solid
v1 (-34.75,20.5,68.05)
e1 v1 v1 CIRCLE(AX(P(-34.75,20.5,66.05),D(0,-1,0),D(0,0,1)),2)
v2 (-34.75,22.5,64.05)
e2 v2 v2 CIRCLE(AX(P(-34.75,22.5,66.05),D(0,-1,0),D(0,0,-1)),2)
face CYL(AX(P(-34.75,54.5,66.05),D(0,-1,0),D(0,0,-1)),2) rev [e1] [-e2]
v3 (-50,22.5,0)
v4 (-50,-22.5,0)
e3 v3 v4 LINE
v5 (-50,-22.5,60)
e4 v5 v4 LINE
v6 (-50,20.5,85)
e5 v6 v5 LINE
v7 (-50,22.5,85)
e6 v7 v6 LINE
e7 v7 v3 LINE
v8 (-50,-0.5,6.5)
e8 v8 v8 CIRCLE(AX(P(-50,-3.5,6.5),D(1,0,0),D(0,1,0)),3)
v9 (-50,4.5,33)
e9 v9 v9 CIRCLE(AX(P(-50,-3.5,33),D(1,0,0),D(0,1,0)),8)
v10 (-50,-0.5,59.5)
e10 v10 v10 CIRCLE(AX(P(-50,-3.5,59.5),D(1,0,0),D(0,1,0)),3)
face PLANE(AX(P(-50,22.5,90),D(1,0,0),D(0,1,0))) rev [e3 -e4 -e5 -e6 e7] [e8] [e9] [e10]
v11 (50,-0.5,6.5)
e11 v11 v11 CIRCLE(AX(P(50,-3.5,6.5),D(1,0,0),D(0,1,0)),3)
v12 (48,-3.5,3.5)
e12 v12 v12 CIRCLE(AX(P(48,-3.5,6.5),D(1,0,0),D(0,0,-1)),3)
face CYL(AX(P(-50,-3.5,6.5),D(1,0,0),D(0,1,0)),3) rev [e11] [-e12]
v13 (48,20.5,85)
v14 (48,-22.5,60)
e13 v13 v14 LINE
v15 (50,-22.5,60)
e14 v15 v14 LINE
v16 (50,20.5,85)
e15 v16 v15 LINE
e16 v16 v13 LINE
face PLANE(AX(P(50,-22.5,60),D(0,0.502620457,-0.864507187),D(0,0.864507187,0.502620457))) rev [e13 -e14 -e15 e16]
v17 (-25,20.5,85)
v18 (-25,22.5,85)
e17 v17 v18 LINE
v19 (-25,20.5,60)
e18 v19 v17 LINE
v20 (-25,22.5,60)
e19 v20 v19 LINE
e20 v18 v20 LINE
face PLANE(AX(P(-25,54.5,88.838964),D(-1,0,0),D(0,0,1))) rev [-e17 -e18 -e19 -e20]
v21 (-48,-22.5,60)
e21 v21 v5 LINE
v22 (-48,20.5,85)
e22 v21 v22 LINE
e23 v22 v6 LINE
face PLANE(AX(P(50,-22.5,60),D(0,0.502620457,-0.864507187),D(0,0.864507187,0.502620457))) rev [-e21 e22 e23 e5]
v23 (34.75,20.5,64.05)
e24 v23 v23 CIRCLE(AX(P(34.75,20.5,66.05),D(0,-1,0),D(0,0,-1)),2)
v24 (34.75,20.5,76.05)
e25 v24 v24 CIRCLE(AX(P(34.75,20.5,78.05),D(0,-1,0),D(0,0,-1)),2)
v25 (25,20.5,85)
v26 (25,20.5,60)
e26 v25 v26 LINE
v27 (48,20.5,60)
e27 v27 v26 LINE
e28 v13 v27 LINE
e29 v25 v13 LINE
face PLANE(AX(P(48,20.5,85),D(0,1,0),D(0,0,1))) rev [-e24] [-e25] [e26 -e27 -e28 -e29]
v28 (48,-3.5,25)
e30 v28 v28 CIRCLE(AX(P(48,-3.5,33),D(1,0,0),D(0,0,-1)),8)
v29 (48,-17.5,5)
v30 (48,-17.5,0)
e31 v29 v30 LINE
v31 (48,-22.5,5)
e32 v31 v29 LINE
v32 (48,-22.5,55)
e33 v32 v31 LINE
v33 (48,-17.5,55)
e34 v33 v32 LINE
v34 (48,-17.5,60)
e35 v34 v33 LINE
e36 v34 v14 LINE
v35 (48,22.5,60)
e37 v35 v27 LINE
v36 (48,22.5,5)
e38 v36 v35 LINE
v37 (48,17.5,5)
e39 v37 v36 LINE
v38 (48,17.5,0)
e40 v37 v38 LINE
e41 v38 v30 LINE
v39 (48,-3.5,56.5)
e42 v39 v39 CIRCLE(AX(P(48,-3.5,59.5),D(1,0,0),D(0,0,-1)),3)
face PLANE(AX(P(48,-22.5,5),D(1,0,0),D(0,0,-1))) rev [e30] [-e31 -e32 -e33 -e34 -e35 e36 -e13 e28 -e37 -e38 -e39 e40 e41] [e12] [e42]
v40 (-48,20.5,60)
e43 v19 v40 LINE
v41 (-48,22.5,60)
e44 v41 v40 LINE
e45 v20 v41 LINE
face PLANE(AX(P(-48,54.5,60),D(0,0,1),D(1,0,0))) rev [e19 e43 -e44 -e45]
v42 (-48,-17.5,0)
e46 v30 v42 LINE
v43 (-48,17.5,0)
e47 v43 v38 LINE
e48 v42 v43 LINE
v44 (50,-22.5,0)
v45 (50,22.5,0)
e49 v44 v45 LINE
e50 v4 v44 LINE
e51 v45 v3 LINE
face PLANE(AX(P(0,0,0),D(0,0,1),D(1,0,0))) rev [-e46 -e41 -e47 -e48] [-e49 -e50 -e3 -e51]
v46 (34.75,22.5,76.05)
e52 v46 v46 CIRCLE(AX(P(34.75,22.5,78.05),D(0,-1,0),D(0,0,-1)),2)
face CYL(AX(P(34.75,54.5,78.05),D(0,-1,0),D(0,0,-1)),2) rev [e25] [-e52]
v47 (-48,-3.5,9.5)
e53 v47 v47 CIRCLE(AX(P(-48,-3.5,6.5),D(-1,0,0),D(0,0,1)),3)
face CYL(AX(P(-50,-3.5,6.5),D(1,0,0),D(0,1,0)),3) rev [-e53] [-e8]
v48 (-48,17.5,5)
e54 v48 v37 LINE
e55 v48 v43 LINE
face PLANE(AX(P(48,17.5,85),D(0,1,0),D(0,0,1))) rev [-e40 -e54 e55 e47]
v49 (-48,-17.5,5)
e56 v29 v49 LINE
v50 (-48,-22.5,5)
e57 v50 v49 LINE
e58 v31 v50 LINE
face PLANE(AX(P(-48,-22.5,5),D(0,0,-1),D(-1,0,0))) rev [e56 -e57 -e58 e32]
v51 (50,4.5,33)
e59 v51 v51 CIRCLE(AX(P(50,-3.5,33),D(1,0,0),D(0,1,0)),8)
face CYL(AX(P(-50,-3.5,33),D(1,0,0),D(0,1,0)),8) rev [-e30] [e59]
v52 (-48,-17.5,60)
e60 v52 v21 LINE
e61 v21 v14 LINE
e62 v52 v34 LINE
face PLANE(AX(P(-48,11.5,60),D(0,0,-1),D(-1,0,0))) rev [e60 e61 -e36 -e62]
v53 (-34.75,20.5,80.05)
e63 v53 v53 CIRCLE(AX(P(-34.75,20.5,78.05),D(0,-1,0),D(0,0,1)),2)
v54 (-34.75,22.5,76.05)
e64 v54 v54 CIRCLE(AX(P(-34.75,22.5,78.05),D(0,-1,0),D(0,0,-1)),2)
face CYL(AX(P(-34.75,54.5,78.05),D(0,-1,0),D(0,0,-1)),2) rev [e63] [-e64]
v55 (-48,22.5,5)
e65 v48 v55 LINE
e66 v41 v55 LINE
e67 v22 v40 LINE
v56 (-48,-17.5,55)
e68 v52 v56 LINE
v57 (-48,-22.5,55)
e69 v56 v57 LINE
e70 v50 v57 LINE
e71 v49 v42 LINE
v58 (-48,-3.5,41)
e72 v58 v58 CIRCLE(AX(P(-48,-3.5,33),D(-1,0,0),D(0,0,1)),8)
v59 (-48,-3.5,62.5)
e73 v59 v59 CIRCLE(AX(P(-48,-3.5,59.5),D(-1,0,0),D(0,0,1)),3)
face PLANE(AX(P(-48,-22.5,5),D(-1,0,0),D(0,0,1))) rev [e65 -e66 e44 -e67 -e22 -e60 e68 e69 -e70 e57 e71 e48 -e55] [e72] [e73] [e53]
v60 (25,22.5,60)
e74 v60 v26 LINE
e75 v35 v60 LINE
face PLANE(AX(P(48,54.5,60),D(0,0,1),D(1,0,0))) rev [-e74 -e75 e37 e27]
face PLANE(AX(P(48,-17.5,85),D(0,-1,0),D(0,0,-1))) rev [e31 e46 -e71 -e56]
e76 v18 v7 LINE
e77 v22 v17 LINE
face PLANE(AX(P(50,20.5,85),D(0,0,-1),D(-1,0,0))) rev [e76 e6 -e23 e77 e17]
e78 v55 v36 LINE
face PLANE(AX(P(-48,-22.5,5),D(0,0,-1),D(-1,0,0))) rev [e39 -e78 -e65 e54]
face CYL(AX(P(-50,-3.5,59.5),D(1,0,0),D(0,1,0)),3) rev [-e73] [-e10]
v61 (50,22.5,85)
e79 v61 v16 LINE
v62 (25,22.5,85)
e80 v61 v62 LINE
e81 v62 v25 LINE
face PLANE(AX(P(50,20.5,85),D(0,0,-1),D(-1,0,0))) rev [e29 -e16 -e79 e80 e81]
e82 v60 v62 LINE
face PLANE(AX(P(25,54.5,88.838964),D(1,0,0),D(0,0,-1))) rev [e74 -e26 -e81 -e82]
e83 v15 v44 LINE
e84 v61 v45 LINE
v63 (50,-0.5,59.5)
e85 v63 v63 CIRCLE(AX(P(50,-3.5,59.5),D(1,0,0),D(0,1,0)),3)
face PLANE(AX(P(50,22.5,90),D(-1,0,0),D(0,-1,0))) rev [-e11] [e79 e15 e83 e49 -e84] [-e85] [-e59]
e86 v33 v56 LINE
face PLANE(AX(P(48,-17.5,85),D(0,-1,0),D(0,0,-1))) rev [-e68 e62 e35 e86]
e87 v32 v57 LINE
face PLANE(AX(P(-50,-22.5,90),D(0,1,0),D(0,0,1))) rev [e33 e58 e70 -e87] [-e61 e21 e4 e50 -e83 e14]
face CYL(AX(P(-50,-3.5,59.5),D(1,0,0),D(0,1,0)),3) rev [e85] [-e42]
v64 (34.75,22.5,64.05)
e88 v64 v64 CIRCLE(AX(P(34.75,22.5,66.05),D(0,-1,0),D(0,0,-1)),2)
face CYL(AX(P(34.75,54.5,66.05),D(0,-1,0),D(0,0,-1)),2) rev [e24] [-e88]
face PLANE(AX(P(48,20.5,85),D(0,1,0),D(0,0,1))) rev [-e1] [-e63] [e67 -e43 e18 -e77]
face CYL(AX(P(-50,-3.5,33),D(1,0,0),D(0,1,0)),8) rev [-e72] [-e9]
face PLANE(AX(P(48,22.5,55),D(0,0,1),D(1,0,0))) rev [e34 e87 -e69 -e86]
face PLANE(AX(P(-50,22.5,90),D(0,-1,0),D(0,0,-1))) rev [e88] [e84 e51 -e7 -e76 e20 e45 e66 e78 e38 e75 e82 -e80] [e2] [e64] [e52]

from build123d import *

# Parameters (mm, degrees)
SKETCH1_W               = 100
SKETCH1_H               = 45
BOSS_EXTRUDE1_DEPTH     = 90
CUT_EXTRUDE1_DEPTH      = 137.404728657
CUT_EXTRUDE2_DEPTH      = 109.397416943
CUT_EXTRUDE2_DEPTH_BACK = 109.397416943
SKETCH3_W               = 96
SKETCH3_H               = 32.638698082
SKETCH4_W               = 96
SKETCH4_H               = 35
CUT_EXTRUDE4_DEPTH      = 102.149641621
SKETCH5_R               = 8
SKETCH5_R_2             = 3
CUT_EXTRUDE5_DEPTH      = 134.158739856
SKETCH7_W               = 96
SKETCH7_H               = 3
CUT_EXTRUDE7_DEPTH      = 73.452349302
SKETCH9_W               = 50
SKETCH9_H               = 59.094844588
CUT_EXTRUDE9_DEPTH      = 34
SKETCH10_R              = 2
CUT_EXTRUDE10_DEPTH     = 34
CUT_EXTRUDE11_DEPTH     = 109.397416943
SKETCH11_W              = 96
SKETCH11_H              = 6.475085822
CUT_EXTRUDE12_DEPTH     = 34
SKETCH12_W              = 23
SKETCH12_H              = 26.924334535
CUT_EXTRUDE13_DEPTH     = 34


with BuildPart() as part:
    # Sketch1 → Boss-Extrude1 (new body)
    with BuildSketch(Plane.XY):
        Rectangle(SKETCH1_W, SKETCH1_H)
    extrude(amount=BOSS_EXTRUDE1_DEPTH)

    # Sketch2 → Cut-Extrude1 (cut, through all)
    with BuildSketch(Plane.ZY.offset(50)):
        Polygon((60, -22.5), (85, 20.5), (85, 22.5), (90, 22.5), (90, -22.5), align=None)
    extrude(amount=-CUT_EXTRUDE1_DEPTH, mode=Mode.SUBTRACT)

    # Sketch3 → Cut-Extrude2 (cut, two sides: drawn at the far end of the back side and taken through both)
    with BuildSketch(Plane(origin=(0, 22.5, 0), x_dir=(1, 0, 0), z_dir=(0, 1, 0)).offset(-CUT_EXTRUDE2_DEPTH_BACK)):
        with Locations((0, -21.319349041)):
            Rectangle(SKETCH3_W, SKETCH3_H)
    extrude(amount=CUT_EXTRUDE2_DEPTH + CUT_EXTRUDE2_DEPTH_BACK, mode=Mode.SUBTRACT)

    # Sketch4 → Cut-Extrude4 (cut, through all)
    with BuildSketch(Plane(origin=(0, 0, 0), x_dir=(-1, 0, 0), z_dir=(0, 0, -1))):
        Rectangle(SKETCH4_W, SKETCH4_H)
    extrude(amount=-CUT_EXTRUDE4_DEPTH, mode=Mode.SUBTRACT)

    # Sketch5 → Cut-Extrude5 (cut, through all)
    with BuildSketch(Plane(origin=(50, 0, 0), x_dir=(0, 0, -1), z_dir=(1, 0, 0))):
        with Locations(Location((-33, -3.5, 0), (0, 0, 90))):
            Circle(SKETCH5_R)
        with Locations(Location((-6.5, -3.5, 0), (0, 0, 90))):
            Circle(SKETCH5_R_2)
        with Locations(Location((-59.5, -3.5, 0), (0, 0, 90))):
            Circle(SKETCH5_R_2)
    extrude(amount=-CUT_EXTRUDE5_DEPTH, mode=Mode.SUBTRACT)

    # Sketch7 → Cut-Extrude7 (cut, through all)
    with BuildSketch(Plane(origin=(0, 0, 37.638698082), x_dir=(-1, 0, 0), z_dir=(0, 0, -1))):
        with Locations((0, 19)):
            Rectangle(SKETCH7_W, SKETCH7_H)
    extrude(amount=-CUT_EXTRUDE7_DEPTH, mode=Mode.SUBTRACT)

    # Sketch9 → Cut-Extrude9 (cut)
    with BuildSketch(Plane.XZ.offset(-20.5)):
        with Locations((0, 59.291541431)):
            Rectangle(SKETCH9_W, SKETCH9_H)
    extrude(amount=-CUT_EXTRUDE9_DEPTH, mode=Mode.SUBTRACT)

    # Sketch10 → Cut-Extrude10 (cut)
    with BuildSketch(Plane.XZ.offset(-20.5)):
        with Locations(Location((34.75, 78.05, 0), (0, 0, 270))):
            Circle(SKETCH10_R)
        with Locations(Location((34.75, 66.05, 0), (0, 0, 270))):
            Circle(SKETCH10_R)
        with Locations(Location((-34.75, 66.05, 0), (0, 0, 270))):
            Circle(SKETCH10_R)
        with Locations(Location((-34.75, 78.05, 0), (0, 0, 270))):
            Circle(SKETCH10_R)
    extrude(amount=-CUT_EXTRUDE10_DEPTH, mode=Mode.SUBTRACT)

    # Sketch8 → Cut-Extrude11 (cut, through all)
    with BuildSketch(Plane.XZ.offset(22.5)):
        Polygon((-48, 51.874077108), (-48, 37.638698082), (48, 37.638698082), (48, 51.874077108), (48, 55), (-48, 55), align=None)
    extrude(amount=-CUT_EXTRUDE11_DEPTH, mode=Mode.SUBTRACT)

    # Sketch11 → Cut-Extrude12 (cut)
    with BuildSketch(Plane.XZ.offset(22.5)):
        with Locations((0, 63.237542911)):
            Rectangle(SKETCH11_W, SKETCH11_H)
    extrude(amount=-CUT_EXTRUDE12_DEPTH, mode=Mode.SUBTRACT)

    # Sketch12 → Cut-Extrude13 (cut)
    with BuildSketch(Plane.XZ.offset(-20.5)):
        with Locations((-36.5, 46.537832733)):
            Rectangle(SKETCH12_W, SKETCH12_H)
        with Locations((36.5, 46.537832733)):
            Rectangle(SKETCH12_W, SKETCH12_H)
    extrude(amount=-CUT_EXTRUDE13_DEPTH, mode=Mode.SUBTRACT)


solid = part.part
